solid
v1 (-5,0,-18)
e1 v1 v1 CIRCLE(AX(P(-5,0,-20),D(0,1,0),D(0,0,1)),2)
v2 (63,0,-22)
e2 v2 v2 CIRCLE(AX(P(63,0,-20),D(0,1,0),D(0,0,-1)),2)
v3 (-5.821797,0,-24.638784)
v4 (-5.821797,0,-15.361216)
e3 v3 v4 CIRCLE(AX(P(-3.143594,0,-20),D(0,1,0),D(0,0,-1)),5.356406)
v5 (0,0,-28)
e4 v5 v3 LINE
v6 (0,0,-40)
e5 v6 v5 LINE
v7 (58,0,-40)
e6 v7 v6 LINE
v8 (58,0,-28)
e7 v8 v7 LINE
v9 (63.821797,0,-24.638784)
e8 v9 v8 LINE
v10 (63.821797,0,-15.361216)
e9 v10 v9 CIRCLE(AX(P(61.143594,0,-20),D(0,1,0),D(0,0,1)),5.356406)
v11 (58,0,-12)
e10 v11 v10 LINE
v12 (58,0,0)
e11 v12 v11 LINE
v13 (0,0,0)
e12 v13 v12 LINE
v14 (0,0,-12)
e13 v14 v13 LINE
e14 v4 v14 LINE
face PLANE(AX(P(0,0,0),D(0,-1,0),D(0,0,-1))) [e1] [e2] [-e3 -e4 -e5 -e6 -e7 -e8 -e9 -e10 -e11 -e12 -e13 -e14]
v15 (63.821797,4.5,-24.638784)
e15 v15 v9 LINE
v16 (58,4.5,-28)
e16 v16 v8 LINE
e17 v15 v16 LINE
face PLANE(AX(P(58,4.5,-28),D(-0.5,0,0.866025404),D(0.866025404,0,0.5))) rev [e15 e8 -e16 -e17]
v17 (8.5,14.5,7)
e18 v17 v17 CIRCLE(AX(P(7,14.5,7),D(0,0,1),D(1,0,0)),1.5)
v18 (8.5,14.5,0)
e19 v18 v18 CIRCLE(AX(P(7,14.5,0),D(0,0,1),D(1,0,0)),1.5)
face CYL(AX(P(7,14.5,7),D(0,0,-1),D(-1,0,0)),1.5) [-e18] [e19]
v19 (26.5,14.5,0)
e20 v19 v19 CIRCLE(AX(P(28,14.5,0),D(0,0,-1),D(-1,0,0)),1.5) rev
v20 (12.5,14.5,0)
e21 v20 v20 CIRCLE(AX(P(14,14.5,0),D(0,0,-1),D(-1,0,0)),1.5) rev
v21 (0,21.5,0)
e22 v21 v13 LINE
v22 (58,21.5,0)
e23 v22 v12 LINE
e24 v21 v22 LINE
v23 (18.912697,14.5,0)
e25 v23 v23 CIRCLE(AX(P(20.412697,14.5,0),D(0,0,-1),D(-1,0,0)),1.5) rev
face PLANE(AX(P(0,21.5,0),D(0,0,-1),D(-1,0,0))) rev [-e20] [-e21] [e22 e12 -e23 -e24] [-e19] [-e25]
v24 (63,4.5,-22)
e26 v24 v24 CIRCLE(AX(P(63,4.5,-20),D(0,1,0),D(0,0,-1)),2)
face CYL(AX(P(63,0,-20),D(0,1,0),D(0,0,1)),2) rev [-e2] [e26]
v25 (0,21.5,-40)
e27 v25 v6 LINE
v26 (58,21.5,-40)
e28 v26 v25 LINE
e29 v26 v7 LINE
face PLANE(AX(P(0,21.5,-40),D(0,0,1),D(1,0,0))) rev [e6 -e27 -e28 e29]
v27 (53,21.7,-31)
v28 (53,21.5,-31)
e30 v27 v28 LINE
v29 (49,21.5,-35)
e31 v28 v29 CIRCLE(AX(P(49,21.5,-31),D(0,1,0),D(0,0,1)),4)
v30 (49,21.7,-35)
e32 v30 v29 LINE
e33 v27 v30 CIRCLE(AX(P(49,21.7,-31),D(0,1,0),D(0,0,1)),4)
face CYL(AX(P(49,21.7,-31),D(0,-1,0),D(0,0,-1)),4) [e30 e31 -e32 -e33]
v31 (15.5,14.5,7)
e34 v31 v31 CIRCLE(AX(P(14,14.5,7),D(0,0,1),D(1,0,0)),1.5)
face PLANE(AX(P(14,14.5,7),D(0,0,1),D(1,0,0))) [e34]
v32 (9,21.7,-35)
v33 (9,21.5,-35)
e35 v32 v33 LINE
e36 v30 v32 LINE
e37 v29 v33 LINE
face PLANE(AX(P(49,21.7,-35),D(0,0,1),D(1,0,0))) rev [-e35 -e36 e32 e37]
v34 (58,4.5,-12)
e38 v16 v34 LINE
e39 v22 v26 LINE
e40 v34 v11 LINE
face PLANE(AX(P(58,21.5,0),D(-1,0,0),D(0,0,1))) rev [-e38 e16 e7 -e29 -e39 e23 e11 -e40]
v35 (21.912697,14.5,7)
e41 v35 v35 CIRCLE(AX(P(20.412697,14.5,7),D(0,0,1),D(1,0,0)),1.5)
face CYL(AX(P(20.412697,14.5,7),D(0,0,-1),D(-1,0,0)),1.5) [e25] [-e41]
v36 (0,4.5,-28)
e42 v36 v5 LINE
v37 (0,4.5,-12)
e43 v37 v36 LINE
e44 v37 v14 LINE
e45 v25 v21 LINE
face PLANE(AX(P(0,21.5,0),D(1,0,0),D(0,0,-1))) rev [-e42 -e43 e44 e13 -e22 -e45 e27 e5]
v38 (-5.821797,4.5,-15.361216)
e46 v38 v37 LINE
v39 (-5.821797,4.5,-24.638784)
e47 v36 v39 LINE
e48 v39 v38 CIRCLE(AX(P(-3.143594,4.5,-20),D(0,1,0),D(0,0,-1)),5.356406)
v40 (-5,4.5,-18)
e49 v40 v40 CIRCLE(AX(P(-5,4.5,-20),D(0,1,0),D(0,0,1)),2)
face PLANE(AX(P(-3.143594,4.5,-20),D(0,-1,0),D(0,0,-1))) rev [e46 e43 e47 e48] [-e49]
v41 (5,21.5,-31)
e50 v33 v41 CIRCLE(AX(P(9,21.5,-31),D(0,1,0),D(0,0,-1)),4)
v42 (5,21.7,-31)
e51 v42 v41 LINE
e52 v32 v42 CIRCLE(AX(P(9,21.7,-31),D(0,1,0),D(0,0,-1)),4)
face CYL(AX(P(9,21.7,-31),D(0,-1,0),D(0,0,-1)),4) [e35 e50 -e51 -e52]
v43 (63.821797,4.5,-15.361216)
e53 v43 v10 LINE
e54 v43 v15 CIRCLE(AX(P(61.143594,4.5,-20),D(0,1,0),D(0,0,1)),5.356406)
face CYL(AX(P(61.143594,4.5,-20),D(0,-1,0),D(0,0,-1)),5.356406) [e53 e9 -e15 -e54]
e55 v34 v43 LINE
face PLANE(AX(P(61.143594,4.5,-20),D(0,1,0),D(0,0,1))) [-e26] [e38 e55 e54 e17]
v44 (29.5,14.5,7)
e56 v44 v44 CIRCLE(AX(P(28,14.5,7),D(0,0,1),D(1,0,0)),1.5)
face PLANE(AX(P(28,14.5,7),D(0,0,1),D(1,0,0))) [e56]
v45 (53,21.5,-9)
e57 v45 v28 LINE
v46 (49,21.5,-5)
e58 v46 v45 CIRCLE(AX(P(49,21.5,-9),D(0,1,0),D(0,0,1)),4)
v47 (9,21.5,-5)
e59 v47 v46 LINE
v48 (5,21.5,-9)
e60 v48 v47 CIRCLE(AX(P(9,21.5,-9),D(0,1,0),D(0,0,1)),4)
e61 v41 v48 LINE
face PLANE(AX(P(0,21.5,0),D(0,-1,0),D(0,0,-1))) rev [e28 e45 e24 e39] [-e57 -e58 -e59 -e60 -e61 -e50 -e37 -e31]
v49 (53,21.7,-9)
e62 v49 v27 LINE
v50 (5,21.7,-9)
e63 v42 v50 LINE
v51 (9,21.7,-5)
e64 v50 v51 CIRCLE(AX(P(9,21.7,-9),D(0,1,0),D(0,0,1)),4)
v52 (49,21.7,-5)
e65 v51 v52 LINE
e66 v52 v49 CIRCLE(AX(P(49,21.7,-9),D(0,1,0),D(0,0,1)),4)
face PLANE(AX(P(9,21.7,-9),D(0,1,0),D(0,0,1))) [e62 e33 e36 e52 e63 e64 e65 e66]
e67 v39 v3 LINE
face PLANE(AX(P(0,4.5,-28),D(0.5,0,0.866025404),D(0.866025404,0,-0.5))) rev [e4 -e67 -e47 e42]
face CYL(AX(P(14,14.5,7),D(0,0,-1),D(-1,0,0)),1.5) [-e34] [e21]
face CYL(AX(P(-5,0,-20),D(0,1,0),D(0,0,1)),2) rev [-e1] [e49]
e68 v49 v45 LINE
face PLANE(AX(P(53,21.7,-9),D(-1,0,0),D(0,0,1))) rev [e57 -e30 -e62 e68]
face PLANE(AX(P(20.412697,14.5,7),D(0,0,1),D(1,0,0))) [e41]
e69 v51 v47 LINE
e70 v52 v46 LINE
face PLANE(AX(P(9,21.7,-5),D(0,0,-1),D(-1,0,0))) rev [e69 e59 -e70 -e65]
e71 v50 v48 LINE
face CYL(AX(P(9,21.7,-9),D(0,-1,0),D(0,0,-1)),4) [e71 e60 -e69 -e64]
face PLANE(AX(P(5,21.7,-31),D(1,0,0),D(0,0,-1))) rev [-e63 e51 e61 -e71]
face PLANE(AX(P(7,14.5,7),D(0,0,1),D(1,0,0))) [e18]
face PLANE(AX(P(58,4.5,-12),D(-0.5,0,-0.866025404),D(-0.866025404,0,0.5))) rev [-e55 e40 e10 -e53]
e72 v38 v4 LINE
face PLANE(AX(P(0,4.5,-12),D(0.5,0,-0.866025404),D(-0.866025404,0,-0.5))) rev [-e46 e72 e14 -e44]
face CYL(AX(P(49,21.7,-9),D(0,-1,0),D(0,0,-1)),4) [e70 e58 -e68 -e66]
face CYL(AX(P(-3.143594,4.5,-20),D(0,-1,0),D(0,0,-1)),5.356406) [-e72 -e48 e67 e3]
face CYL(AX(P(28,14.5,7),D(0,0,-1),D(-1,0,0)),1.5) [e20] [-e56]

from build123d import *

# Parameters (mm, degrees)
SKETCH1_W           = 58
SKETCH1_H           = 40
BOSS_EXTRUDE1_DEPTH = 21.5
BOSS_EXTRUDE2_DEPTH = 4.5
SKETCH3_R           = 2
CUT_EXTRUDE1_DEPTH  = 80.443376061
BOSS_EXTRUDE3_DEPTH = 0.2
SKETCH6_R           = 1.5
BOSS_EXTRUDE4_DEPTH = 7
SKETCH8_R           = 1.5
BOSS_EXTRUDE6_DEPTH = 7
SKETCH9_R           = 1.5
BOSS_EXTRUDE7_DEPTH = 7


with BuildPart() as part:
    # Sketch1 → Boss-Extrude1 (new body)
    with BuildSketch(Plane(origin=(0, 0, 0), x_dir=(1, 0, 0), z_dir=(0, 1, 0))):
        with Locations((29, 20)):
            Rectangle(SKETCH1_W, SKETCH1_H)
    extrude(amount=BOSS_EXTRUDE1_DEPTH)

    # Sketch2 → Boss-Extrude2 (add)
    with BuildSketch(Plane(origin=(0, 0, 0), x_dir=(1, 0, 0), z_dir=(0, 1, 0))):
        with BuildLine():
            Line((0, 28), (0, 12))
            Line((0, 12), (-5.82179677, 15.361215932))
            ThreePointArc((-5.82179677, 15.361215932), (-8.5, 20), (-5.82179677, 24.638784068))
            Line((-5.82179677, 24.638784068), (0, 28))
        make_face()
        with BuildLine():
            Line((58, 28), (63.82179677, 24.638784068))
            ThreePointArc((63.82179677, 24.638784068), (66.5, 20), (63.82179677, 15.361215932))
            Line((63.82179677, 15.361215932), (58, 12))
            Line((58, 12), (58, 28))
        make_face()
    extrude(amount=BOSS_EXTRUDE2_DEPTH)

    # Sketch3 → Cut-Extrude1 (cut, through all)
    with BuildSketch(Plane(origin=(0, 4.5, 0), x_dir=(1, 0, 0), z_dir=(0, 1, 0))):
        with Locations(Location((-5, 20, 0), (0, 0, 270))):
            Circle(SKETCH3_R)
        with Locations(Location((63, 20, 0), (0, 0, 90))):
            Circle(SKETCH3_R)
    extrude(amount=-CUT_EXTRUDE1_DEPTH, mode=Mode.SUBTRACT)

    # Sketch4 → Boss-Extrude3 (add)
    with BuildSketch(Plane(origin=(0, 21.5, 0), x_dir=(1, 0, 0), z_dir=(0, 1, 0))):
        with BuildLine():
            Line((5, 31), (5, 9))
            ThreePointArc((5, 9), (6.171572875, 6.171572875), (9, 5))
            Line((9, 5), (49, 5))
            ThreePointArc((49, 5), (51.828427125, 6.171572875), (53, 9))
            Line((53, 9), (53, 31))
            ThreePointArc((53, 31), (51.828427125, 33.828427125), (49, 35))
            Line((49, 35), (9, 35))
            ThreePointArc((9, 35), (6.171572875, 33.828427125), (5, 31))
        make_face()
    extrude(amount=BOSS_EXTRUDE3_DEPTH)

    # Sketch6 → Boss-Extrude4 (add)
    with BuildSketch(Plane.XY):
        with Locations((7, 14.5)):
            Circle(SKETCH6_R)
    extrude(amount=BOSS_EXTRUDE4_DEPTH)

    # Sketch8 → Boss-Extrude6 (add)
    with BuildSketch(Plane.XY):
        with Locations(Location((14, 14.5, 0), (0, 0, 180))):
            Circle(SKETCH8_R)
        with Locations(Location((28, 14.5, 0), (0, 0, 180))):
            Circle(SKETCH8_R)
    extrude(amount=BOSS_EXTRUDE6_DEPTH)

    # Sketch9 → Boss-Extrude7 (add)
    with BuildSketch(Plane.XY):
        with Locations(Location((20.412696723, 14.5, 0), (0, 0, 180))):
            Circle(SKETCH9_R)
    extrude(amount=BOSS_EXTRUDE7_DEPTH)


solid = part.part
